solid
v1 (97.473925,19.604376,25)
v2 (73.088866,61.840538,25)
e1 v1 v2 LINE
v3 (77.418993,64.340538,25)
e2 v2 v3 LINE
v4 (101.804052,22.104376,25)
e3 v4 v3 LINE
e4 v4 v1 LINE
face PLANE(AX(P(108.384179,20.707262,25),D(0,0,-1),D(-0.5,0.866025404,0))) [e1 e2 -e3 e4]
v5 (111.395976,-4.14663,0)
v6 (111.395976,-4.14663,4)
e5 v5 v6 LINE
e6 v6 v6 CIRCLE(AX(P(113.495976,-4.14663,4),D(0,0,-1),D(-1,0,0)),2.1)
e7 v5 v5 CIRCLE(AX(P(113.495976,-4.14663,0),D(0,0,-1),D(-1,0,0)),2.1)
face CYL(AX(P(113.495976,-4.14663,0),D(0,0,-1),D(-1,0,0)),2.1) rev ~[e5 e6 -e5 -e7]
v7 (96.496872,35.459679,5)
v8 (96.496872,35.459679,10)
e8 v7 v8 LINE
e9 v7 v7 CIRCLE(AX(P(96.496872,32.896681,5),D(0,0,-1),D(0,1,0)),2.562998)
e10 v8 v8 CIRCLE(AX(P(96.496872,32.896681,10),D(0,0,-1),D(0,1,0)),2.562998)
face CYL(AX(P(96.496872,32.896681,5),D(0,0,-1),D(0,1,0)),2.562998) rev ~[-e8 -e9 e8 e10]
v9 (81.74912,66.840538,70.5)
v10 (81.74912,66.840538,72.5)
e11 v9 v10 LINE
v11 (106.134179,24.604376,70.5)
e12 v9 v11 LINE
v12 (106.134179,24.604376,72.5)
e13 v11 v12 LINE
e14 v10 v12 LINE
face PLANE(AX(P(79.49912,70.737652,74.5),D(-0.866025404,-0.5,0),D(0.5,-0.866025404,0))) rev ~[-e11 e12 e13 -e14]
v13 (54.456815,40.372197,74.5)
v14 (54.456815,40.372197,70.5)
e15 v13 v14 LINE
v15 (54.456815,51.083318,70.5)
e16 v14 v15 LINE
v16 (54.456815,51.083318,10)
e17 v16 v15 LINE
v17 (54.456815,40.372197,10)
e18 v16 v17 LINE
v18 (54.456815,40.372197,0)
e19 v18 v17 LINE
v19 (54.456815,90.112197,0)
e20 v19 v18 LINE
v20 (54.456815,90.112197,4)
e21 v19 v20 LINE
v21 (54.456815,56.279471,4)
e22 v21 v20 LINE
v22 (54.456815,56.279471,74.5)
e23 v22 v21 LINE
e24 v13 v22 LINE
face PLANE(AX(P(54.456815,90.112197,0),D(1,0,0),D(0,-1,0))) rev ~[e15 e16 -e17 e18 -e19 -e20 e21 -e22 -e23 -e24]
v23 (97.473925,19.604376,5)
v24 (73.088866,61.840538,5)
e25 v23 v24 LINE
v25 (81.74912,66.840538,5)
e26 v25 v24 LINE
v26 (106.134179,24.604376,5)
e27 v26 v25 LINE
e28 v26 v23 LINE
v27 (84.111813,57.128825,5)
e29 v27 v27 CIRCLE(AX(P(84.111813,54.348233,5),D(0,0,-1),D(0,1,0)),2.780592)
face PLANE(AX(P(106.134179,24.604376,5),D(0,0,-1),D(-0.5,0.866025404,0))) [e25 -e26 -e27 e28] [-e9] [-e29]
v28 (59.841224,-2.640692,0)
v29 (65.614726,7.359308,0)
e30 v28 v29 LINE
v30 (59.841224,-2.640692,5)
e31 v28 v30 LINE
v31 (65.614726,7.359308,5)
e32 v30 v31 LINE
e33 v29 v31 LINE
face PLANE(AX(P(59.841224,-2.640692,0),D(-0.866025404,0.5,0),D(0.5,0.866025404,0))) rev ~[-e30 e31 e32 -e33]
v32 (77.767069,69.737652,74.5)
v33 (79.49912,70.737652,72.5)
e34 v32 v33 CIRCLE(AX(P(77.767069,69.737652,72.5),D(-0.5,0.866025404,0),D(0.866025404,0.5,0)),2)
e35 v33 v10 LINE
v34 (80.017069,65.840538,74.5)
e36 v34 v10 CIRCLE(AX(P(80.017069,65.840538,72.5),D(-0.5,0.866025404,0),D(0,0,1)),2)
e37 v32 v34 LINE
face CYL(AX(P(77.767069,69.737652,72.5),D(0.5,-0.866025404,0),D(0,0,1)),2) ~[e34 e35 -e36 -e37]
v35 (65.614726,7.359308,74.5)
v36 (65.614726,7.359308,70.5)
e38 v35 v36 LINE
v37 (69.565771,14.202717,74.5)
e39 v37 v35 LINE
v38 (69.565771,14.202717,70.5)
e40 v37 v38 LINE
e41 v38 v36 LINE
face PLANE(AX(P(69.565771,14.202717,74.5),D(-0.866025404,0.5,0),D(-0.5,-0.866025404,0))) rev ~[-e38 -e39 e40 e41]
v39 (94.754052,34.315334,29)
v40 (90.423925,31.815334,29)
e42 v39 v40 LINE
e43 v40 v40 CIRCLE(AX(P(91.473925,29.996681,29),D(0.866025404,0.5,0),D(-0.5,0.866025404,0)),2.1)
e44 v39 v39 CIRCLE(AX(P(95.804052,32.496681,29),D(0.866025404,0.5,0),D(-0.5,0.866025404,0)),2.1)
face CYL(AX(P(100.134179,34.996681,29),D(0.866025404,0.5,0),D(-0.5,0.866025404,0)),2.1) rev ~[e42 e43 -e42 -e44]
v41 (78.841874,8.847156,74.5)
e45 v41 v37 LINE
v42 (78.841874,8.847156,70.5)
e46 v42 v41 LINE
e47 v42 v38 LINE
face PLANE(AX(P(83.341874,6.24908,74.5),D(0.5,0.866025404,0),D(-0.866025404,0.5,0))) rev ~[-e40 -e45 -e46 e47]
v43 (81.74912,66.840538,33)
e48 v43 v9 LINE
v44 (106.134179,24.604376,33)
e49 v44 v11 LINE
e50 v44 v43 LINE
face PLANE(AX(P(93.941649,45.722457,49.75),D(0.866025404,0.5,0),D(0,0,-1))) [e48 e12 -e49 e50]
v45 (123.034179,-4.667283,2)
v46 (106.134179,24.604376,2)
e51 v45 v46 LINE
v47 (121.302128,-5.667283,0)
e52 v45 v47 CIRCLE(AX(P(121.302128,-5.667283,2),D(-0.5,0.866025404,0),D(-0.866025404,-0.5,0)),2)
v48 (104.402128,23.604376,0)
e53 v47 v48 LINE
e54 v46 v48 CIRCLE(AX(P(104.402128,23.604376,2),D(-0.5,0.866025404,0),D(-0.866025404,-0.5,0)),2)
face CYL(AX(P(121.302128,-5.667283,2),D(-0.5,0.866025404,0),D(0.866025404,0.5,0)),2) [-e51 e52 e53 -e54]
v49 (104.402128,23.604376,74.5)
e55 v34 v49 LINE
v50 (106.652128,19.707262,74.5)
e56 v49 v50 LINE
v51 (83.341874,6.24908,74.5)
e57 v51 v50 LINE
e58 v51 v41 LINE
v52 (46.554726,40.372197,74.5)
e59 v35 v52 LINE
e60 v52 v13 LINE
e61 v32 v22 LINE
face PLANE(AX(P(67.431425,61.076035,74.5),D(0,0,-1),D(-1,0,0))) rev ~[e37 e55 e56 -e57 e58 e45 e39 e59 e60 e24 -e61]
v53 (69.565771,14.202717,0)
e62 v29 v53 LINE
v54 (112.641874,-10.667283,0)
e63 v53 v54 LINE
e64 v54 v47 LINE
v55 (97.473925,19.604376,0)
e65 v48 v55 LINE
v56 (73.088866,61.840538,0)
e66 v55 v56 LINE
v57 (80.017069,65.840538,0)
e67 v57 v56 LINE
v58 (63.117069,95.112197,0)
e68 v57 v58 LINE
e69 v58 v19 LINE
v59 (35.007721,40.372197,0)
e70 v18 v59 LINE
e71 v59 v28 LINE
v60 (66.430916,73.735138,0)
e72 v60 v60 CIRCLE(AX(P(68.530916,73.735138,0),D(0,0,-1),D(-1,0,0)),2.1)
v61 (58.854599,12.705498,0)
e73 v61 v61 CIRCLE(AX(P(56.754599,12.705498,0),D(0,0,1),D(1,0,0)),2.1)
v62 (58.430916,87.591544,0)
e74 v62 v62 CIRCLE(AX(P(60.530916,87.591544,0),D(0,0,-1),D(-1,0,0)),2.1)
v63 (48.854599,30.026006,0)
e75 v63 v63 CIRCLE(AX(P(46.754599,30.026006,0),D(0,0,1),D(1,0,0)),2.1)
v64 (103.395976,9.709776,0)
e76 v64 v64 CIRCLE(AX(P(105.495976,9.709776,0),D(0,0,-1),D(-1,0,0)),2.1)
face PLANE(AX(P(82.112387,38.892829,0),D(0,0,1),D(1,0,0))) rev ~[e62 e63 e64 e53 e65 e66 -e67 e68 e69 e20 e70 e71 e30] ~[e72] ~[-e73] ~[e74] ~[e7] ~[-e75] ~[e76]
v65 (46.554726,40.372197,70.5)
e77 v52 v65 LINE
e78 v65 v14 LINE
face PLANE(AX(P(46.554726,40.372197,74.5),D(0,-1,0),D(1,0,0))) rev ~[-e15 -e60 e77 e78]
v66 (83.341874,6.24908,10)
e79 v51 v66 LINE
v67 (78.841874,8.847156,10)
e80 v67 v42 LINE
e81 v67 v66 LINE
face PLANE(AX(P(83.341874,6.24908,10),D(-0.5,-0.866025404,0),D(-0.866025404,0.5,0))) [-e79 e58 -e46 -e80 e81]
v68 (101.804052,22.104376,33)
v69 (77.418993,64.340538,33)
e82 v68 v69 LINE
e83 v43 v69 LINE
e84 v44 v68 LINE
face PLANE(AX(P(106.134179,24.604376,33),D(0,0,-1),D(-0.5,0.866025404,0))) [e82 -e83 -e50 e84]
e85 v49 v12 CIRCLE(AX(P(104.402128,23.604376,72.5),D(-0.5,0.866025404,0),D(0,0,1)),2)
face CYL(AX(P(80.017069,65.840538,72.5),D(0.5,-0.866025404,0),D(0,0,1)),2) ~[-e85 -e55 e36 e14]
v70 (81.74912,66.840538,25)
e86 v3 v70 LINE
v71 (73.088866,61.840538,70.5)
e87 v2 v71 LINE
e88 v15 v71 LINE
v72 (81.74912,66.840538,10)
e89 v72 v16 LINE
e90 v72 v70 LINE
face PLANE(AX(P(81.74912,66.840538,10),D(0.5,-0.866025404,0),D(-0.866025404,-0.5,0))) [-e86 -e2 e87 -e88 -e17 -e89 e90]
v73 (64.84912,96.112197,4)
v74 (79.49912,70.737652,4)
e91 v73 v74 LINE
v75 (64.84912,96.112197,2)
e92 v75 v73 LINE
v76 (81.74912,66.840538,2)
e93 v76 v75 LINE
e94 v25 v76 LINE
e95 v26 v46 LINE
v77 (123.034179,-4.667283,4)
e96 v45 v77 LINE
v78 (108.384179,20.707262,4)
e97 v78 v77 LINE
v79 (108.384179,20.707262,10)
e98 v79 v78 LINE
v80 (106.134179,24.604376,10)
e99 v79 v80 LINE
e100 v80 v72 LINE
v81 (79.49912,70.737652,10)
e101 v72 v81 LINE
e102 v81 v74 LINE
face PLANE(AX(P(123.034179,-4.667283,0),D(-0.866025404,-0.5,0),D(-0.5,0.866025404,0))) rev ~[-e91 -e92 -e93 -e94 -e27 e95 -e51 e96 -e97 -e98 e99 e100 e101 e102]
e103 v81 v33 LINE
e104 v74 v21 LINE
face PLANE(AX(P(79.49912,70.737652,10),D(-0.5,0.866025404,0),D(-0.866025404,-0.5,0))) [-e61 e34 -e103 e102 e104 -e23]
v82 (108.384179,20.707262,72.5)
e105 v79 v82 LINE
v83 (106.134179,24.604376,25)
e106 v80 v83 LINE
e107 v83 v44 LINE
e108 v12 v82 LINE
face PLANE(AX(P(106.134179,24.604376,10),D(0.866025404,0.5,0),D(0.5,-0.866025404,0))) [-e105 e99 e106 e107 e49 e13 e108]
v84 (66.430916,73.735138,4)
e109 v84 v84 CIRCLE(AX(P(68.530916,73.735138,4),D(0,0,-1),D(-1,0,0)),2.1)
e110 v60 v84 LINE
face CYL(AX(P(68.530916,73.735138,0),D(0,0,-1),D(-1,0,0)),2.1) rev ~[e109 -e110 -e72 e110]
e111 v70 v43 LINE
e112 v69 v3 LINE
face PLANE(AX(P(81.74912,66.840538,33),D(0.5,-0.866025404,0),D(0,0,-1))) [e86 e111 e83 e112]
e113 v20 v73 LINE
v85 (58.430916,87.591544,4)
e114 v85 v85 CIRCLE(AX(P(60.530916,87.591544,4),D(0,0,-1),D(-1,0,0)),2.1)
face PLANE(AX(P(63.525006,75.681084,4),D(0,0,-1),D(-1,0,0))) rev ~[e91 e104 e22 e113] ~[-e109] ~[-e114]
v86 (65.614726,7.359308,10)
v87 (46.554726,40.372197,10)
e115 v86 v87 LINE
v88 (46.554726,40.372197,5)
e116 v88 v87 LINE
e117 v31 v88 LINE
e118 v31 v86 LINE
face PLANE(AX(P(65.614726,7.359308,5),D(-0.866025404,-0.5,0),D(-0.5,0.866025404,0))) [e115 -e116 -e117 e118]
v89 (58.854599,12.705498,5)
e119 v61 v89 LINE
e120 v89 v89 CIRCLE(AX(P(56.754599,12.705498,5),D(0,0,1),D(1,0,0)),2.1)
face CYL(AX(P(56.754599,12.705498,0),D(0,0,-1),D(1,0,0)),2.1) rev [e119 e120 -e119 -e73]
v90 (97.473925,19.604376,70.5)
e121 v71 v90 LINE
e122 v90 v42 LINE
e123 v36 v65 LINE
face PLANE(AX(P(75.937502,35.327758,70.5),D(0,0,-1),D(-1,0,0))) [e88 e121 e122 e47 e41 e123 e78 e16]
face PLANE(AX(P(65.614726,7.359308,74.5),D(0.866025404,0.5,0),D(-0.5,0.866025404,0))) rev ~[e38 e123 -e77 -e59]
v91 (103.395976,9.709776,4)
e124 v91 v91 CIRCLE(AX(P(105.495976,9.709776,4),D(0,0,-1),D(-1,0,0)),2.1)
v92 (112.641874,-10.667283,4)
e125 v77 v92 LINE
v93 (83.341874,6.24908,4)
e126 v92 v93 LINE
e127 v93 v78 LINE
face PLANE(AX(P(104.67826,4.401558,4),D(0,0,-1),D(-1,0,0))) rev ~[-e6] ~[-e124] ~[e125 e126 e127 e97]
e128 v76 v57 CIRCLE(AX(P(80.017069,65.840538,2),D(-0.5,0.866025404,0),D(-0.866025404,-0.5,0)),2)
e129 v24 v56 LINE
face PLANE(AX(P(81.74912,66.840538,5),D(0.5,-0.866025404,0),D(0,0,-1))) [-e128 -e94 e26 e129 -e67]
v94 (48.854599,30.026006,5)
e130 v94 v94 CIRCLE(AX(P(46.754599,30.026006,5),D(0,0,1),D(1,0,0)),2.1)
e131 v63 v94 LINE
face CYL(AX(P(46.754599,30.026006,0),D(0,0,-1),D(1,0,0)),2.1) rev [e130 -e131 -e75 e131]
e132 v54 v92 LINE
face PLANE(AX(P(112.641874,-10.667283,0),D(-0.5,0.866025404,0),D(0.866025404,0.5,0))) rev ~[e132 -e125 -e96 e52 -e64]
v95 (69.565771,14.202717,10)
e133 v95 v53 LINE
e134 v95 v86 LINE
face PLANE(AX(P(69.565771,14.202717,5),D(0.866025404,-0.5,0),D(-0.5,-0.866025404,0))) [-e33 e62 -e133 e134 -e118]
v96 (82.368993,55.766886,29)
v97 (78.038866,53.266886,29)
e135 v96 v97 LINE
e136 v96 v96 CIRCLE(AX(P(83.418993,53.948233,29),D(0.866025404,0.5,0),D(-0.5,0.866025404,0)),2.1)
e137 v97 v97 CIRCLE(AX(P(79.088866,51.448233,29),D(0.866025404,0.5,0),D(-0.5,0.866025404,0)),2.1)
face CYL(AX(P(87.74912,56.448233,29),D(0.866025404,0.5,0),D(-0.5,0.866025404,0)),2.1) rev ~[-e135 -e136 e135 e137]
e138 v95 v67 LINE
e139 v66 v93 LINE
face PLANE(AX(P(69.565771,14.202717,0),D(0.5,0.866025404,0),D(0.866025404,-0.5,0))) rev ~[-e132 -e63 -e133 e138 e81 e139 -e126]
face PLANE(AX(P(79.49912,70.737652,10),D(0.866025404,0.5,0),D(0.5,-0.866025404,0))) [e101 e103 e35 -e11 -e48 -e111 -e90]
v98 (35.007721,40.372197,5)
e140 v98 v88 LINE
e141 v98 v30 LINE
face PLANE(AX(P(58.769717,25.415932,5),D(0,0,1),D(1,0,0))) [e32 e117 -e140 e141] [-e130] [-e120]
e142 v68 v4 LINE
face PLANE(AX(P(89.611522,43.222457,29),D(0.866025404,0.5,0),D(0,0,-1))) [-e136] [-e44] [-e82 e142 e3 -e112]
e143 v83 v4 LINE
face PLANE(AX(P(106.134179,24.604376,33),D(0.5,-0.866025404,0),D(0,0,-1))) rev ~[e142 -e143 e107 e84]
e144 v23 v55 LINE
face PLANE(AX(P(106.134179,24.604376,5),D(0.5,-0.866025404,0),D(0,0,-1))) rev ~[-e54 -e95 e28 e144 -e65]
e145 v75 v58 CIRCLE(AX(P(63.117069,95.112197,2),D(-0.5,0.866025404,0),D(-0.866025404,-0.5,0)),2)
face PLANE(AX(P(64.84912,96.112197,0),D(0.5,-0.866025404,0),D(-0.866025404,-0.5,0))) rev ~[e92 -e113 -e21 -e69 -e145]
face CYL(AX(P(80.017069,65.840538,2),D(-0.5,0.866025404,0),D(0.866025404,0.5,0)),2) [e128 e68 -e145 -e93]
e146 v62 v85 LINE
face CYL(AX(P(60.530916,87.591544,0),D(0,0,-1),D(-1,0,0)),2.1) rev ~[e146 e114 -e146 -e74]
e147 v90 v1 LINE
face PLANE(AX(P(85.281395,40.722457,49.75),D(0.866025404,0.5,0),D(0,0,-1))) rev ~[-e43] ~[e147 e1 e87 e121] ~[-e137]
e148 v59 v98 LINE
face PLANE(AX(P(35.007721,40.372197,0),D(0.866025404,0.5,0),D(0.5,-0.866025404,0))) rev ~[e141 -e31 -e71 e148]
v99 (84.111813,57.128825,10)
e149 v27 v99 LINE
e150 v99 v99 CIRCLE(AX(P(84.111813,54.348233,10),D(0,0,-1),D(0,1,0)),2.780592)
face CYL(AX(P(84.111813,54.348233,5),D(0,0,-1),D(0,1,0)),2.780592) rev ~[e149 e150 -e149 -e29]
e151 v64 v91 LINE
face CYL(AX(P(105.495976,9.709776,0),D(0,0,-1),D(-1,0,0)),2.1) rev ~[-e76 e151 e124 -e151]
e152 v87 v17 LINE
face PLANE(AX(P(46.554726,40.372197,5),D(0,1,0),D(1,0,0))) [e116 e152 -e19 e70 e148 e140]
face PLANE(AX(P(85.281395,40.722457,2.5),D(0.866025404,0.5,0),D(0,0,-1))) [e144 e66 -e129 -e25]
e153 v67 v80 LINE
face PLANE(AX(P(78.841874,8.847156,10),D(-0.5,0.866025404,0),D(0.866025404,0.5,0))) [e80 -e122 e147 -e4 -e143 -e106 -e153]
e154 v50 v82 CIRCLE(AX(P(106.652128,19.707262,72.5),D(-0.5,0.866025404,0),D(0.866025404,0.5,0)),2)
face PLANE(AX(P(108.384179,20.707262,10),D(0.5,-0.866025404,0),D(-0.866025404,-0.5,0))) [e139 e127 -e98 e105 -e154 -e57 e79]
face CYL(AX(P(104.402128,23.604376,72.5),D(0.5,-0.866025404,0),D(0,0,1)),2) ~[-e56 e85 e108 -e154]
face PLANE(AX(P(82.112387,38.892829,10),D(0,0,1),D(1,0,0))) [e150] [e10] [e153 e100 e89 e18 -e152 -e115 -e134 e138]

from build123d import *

# Parameters (mm, degrees)
SKETCH_1_R          = 2.1
EXTRUDE_1_DEPTH     = 5
EXTRUDE_2_DEPTH     = 5
EXTRUDE_3_DEPTH     = 10
SKETCH_4_R          = 2.1
CUT_EXTRUDE_1_DEPTH = 10
SKETCH_5_R          = 2.1
CUT_EXTRUDE_2_DEPTH = 157.444761979
CUT_EXTRUDE_3_DEPTH = 6
EXTRUDE_4_DEPTH     = 64.5
EXTRUDE_5_DEPTH     = 4
SKETCH_9_W          = 49.5
SKETCH_9_H          = 57.77011897
EXTRUDE_6_DEPTH     = 10
SKETCH_10_W         = 5
SKETCH_10_H         = 48.77011897
CUT_EXTRUDE_4_DEPTH = 10
CUT_EXTRUDE_5_REACH = 172.895
SKETCH_11_R         = 2.5629981
SKETCH_11_R_2       = 2.780591795
FILLET_1_R          = 2
SKETCH_12_R         = 2.1
CUT_EXTRUDE_6_DEPTH = 10
SKETCH_13_W         = 8
SKETCH_13_H         = 48.77011897
CUT_EXTRUDE_7_DEPTH = 5


with BuildPart() as part:
    # 草圖1 → 填料-伸長1 (new body)
    # profile 1 of 2: a face of its own
    with BuildSketch(Plane.XY):
        Polygon((46.554726499, 40.372196633), (35.007721115, 40.372196633), (59.841223807, -2.64069176), (65.614726499, 7.35930824), align=None)
        with Locations((56.75459948, 12.705498399)):
            Circle(SKETCH_1_R, mode=Mode.SUBTRACT)
        with Locations((46.75459948, 30.026006474)):
            Circle(SKETCH_1_R, mode=Mode.SUBTRACT)
    # profile 2 of 2: a face of its own
    with BuildSketch(Plane.XY):
        Polygon((54.456814697, 40.372196633), (46.554726499, 40.372196633), (65.614726499, 7.35930824), (69.565770598, 14.202717363), align=None)
    extrude(amount=EXTRUDE_1_DEPTH)

    # 草圖2 → 填料-伸長2 (add)
    with BuildSketch(Plane.XY.offset(5)):
        Polygon((54.456814697, 40.372196633), (69.565770598, 14.202717363), (65.614726499, 7.35930824), (46.554726499, 40.372196633), align=None)
    extrude(amount=EXTRUDE_2_DEPTH)

    # 草圖3 → 填料-伸長3 (add)
    with BuildSketch(Plane(origin=(0, 0, 0), x_dir=(-1, 0, 0), z_dir=(0, 0, -1))):
        Polygon((-69.565770598, 14.202717363), (-112.641874182, -10.667282637), (-123.034179028, -4.667282637), (-64.849119543, 96.112196633), (-54.456814697, 90.112196633), (-54.456814697, 40.372196633), align=None)
    extrude(amount=-EXTRUDE_3_DEPTH)

    # 草圖4 → 除料-伸長1 (cut)
    with BuildSketch(Plane(origin=(0, 0, 0), x_dir=(-1, 0, 0), z_dir=(0, 0, -1))):
        with Locations((-113.495975798, -4.146630029)):
            Circle(SKETCH_4_R)
        with Locations((-105.495975798, 9.709776431)):
            Circle(SKETCH_4_R)
    extrude(amount=-CUT_EXTRUDE_1_DEPTH, mode=Mode.SUBTRACT)

    # 草圖5 → 除料-伸長2 (cut, through all)
    with BuildSketch(Plane(origin=(0, 0, 0), x_dir=(-1, 0, 0), z_dir=(0, 0, -1))):
        with Locations((-60.530916312, 87.591544025)):
            Circle(SKETCH_5_R)
        with Locations((-68.530916312, 73.735137564)):
            Circle(SKETCH_5_R)
    extrude(amount=-CUT_EXTRUDE_2_DEPTH, mode=Mode.SUBTRACT)

    # 草圖6 → 除料-伸長3 (cut)
    with BuildSketch(Plane.XY.offset(10)):
        Polygon((79.499119543, 70.737652302), (54.456814697, 56.279470858), (54.456814697, 90.112196633), (64.849119543, 96.112196633), align=None)
        Polygon((83.341874182, 6.24908025), (108.384179028, 20.707261694), (123.034179028, -4.667282637), (112.641874182, -10.667282637), align=None)
    extrude(amount=-CUT_EXTRUDE_3_DEPTH, mode=Mode.SUBTRACT)

    # 草圖7 → 填料-伸長4 (add)
    with BuildSketch(Plane.XY.offset(10)):
        Polygon((78.841874182, 8.847156461), (106.134179028, 24.604376011), (108.384179028, 20.707261694), (83.341874182, 6.24908025), align=None)
        Polygon((54.456814697, 56.279470858), (79.499119543, 70.737652302), (81.749119543, 66.840537985), (54.456814697, 51.083318435), align=None)
    extrude(amount=EXTRUDE_4_DEPTH)

    # 草圖8 → 填料-伸長5 (add)
    with BuildSketch(Plane.XY.offset(74.5)):
        Polygon((79.499119543, 70.737652302), (108.384179028, 20.707261694), (83.341874182, 6.24908025), (69.565770598, 14.202717363), (65.614726499, 7.35930824), (46.554726499, 40.372196633), (54.456814697, 40.372196633), (54.456814697, 56.279470858), align=None)
    extrude(amount=-EXTRUDE_5_DEPTH)

    # 草圖9 → 填料-伸長6 (add)
    with BuildSketch(Plane(origin=(90.254641606, 52.108541627, 0), x_dir=(0, 0, -1), z_dir=(0.8660254037844403, 0.4999999999999973, 0))):
        with Locations((-49.75, -7.374015359)):
            Rectangle(SKETCH_9_W, SKETCH_9_H)
    extrude(amount=-EXTRUDE_6_DEPTH)

    # 草圖10 → 除料-伸長4 (cut)
    with BuildSketch(Plane(origin=(90.254641606, 52.108541627, 0), x_dir=(0, 0, -1), z_dir=(0.8660254037844403, 0.4999999999999973, 0))):
        with Locations((-2.5, -7.374015359)):
            Rectangle(SKETCH_10_W, SKETCH_10_H)
    extrude(amount=-CUT_EXTRUDE_4_DEPTH, mode=Mode.SUBTRACT)

    # 草圖11 → 除料-伸長5 (cut, up to next)
    with BuildSketch(Plane(origin=(0, 0, 5), x_dir=(-1, 0, 0), z_dir=(0, 0, -1)), mode=Mode.PRIVATE) as cut_extrude_5_sk1:
        with Locations(Location((-96.496872332, 32.896680856, 0), (0, 0, 90))):
            Circle(SKETCH_11_R)
    cut_extrude_5_tool1 = extrude(cut_extrude_5_sk1.sketch, amount=-CUT_EXTRUDE_5_REACH, mode=Mode.PRIVATE) & part.part
    # 草圖11 → 除料-伸長5 (cut, up to next)
    with BuildSketch(Plane(origin=(0, 0, 5), x_dir=(-1, 0, 0), z_dir=(0, 0, -1)), mode=Mode.PRIVATE) as cut_extrude_5_sk2:
        with Locations(Location((-84.111812847, 54.348233139, 0), (0, 0, 90))):
            Circle(SKETCH_11_R_2)
    cut_extrude_5_tool2 = extrude(cut_extrude_5_sk2.sketch, amount=-CUT_EXTRUDE_5_REACH, mode=Mode.PRIVATE) & part.part
    add(cut_extrude_5_tool1.solids().sort_by_distance((96.496872, 32.896681, 5))[0], mode=Mode.SUBTRACT)
    add(cut_extrude_5_tool2.solids().sort_by_distance((84.111813, 54.348233, 5))[0], mode=Mode.SUBTRACT)

    # 圓角1
    fillet_1_edges = [part.edges().sort_by_distance(p)[0] for p in [
        (93.941649285, 45.722456998, 74.5),
        (114.584179028, 9.968546687, 0),
        (73.299119543, 81.476367309, 0),
    ]]
    fillet(fillet_1_edges, radius=FILLET_1_R)

    # 草圖12 → 除料-伸長6 (cut)
    with BuildSketch(Plane(origin=(90.254641606, 52.108541627, 0), x_dir=(0, 0, -1), z_dir=(0.8660254037844403, 0.4999999999999973, 0))):
        with Locations(Location((-29, -19.759074844, 0), (0, 0, 90))):
            Circle(SKETCH_12_R)
        with Locations(Location((-29, 5.011044126, 0), (0, 0, 90))):
            Circle(SKETCH_12_R)
    extrude(amount=-CUT_EXTRUDE_6_DEPTH, mode=Mode.SUBTRACT)

    # 草圖13 → 除料-伸長7 (cut)
    with BuildSketch(Plane(origin=(90.254641606, 52.108541627, 0), x_dir=(0, 0, -1), z_dir=(0.8660254037844403, 0.4999999999999973, 0))):
        with Locations((-29, -7.374015359)):
            Rectangle(SKETCH_13_W, SKETCH_13_H)
    extrude(amount=-CUT_EXTRUDE_7_DEPTH, mode=Mode.SUBTRACT)


solid = part.part
